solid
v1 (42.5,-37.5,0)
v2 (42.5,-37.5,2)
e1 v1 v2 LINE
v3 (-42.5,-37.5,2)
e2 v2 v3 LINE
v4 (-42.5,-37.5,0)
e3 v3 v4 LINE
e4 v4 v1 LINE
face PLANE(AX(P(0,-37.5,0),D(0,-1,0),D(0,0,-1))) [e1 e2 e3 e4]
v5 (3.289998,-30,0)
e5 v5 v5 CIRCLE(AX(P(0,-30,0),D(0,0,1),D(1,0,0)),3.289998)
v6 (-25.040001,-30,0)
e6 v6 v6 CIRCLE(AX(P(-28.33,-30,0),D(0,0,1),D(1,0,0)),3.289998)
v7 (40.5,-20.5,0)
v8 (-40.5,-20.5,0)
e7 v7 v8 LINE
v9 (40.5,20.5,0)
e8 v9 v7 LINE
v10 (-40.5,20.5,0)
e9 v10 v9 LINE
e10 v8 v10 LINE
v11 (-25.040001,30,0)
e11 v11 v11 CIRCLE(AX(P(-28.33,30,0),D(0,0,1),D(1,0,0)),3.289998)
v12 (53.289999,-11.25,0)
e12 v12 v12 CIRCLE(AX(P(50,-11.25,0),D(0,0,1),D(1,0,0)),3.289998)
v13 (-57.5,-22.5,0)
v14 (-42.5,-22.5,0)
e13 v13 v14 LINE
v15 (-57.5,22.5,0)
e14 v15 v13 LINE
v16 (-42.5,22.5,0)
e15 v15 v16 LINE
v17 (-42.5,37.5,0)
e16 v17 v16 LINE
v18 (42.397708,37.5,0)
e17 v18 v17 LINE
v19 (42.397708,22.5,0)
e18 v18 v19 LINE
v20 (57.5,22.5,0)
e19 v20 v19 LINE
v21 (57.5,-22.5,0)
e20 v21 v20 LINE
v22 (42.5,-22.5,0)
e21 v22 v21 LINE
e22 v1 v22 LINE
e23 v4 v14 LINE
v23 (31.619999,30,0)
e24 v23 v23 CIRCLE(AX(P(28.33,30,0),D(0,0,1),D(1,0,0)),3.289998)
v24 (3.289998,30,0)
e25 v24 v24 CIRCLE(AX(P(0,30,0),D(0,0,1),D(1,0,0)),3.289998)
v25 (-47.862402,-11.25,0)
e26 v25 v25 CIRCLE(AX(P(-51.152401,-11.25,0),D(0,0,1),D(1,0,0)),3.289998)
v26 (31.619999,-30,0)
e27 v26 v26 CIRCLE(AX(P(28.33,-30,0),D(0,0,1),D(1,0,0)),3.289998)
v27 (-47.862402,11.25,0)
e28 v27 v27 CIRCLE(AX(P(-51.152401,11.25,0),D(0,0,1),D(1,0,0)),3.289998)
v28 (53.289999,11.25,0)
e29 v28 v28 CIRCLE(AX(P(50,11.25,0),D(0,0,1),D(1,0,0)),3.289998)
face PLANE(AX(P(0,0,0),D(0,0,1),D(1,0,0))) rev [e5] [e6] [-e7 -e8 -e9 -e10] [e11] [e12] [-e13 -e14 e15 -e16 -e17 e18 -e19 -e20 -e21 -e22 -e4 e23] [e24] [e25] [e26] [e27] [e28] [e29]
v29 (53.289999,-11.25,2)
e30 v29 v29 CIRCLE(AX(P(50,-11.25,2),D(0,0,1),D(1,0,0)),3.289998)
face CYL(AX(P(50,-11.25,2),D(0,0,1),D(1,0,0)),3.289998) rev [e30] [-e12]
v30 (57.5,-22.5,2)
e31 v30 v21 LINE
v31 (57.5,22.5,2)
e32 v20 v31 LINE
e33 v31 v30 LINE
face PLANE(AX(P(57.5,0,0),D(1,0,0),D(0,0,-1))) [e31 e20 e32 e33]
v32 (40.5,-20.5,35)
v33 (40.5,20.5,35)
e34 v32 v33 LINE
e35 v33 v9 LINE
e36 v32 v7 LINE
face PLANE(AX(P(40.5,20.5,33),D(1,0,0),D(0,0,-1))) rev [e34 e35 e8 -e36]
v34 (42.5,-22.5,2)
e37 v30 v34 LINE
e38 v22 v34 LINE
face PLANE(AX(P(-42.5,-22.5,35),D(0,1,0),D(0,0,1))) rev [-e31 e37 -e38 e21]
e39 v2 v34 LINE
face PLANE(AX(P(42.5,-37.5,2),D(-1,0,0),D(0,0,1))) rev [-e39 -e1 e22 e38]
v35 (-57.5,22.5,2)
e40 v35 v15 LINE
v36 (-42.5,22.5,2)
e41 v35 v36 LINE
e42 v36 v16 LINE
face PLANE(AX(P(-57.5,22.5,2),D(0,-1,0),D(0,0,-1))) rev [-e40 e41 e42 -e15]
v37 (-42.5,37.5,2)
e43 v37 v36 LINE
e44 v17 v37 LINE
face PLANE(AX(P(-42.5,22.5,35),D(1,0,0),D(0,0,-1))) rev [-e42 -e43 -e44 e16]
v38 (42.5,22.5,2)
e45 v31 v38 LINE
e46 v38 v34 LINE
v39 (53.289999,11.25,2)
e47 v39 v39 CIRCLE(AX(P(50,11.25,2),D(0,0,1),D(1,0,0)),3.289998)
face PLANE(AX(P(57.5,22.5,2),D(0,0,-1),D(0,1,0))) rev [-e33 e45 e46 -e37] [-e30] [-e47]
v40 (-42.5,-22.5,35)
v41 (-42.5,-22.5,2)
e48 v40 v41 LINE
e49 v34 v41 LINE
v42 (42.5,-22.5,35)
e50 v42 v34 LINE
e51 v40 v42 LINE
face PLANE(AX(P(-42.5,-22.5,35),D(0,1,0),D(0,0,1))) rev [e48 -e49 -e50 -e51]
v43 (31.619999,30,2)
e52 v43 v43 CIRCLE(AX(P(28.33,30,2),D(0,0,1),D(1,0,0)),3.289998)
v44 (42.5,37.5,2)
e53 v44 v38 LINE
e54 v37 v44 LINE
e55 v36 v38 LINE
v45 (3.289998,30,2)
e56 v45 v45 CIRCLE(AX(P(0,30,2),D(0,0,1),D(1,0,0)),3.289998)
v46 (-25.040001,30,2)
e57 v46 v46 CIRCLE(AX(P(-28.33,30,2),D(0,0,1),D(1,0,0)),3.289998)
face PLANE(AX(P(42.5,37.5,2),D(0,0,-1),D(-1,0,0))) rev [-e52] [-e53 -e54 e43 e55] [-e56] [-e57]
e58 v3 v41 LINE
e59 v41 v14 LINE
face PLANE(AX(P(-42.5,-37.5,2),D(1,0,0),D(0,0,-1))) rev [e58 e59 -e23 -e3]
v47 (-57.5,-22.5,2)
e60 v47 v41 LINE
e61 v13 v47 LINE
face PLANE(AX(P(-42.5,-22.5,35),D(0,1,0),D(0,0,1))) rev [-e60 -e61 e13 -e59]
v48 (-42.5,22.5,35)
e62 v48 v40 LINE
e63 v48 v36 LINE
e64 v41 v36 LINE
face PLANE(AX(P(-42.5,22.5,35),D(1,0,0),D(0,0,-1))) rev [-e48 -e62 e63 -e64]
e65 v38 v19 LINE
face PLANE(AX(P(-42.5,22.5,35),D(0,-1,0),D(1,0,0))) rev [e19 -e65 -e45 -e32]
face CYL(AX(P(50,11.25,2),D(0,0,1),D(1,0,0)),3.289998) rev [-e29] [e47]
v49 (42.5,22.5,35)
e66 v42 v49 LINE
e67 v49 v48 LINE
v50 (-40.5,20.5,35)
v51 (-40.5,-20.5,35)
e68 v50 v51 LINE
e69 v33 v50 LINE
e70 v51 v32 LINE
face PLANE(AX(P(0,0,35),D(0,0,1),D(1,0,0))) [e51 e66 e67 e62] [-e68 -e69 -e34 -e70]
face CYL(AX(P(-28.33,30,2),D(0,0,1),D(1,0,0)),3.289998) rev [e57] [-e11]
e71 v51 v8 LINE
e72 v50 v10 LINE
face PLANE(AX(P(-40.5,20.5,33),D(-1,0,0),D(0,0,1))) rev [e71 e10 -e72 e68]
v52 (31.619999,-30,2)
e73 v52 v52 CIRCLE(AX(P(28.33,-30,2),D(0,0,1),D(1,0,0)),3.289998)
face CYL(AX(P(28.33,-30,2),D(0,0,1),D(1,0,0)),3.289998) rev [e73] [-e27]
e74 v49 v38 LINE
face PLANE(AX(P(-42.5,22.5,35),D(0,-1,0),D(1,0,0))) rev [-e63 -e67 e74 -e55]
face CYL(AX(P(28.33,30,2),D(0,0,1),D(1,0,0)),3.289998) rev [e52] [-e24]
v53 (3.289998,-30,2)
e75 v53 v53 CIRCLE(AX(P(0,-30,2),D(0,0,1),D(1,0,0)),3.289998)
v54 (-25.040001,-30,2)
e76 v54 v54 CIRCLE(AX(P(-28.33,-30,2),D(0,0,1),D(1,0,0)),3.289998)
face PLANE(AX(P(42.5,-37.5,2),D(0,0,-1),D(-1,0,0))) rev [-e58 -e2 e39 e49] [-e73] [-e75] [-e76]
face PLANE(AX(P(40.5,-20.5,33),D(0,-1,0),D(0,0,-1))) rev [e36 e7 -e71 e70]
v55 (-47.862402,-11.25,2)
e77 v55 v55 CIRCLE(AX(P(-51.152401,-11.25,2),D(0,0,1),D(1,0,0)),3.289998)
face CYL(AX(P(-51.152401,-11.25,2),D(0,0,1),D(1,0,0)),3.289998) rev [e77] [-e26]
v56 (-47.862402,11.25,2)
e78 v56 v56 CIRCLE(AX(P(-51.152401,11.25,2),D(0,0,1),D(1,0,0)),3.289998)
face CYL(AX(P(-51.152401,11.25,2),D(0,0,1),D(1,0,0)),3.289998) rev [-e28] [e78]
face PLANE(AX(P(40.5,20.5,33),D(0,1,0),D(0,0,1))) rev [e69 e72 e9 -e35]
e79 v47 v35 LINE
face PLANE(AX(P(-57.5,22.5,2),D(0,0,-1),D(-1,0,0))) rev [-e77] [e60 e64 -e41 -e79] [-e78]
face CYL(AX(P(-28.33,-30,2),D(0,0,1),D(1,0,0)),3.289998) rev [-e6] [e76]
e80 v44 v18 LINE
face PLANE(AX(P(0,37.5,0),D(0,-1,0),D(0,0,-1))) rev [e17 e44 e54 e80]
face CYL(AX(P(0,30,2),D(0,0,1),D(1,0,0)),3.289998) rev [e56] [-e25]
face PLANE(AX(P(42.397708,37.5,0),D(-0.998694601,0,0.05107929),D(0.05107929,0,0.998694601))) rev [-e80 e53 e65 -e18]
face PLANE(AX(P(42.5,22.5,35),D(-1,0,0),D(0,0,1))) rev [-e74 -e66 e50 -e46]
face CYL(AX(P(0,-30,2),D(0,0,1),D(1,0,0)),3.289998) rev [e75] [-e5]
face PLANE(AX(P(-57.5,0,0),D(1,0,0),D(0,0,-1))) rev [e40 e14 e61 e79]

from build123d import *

# Parameters (mm, degrees)
ESBO_O1_W                                      = 85
ESBO_O1_H                                      = 45
RESSALTO_EXTRUS_O1_DEPTH                       = 35
ESBO_O2_W                                      = 81
ESBO_O2_H                                      = 41
CORTE_EXTRUS_O1_DEPTH                          = 33
ESBO_O3_W                                      = 2
ESBO_O3_H                                      = 45
RESSALTO_EXTRUS_O2_DEPTH                       = 15
RESSALTO_EXTRUS_O3_DEPTH                       = 15
ESBO_O5_W                                      = 2
ESBO_O5_H                                      = 45
RESSALTO_EXTRUS_O4_DEPTH                       = 15
ESBO_O6_W                                      = 85
ESBO_O6_H                                      = 2
RESSALTO_EXTRUS_O5_DEPTH                       = 15
BROCA_DE_ROSQUEAR_DE_CANO_PARA_TARRAXA_D_D     = 6.579997
BROCA_DE_ROSQUEAR_DE_CANO_PARA_TARRAXA_D_DEPTH = 10
BROCA_DE_ROSQUEAR_DE_CANO_PARA_TARRAXA_D_TIP   = 1.976830535
CORTE_EXTRUS_O2_REACH                          = 37
ESBO_O9_W                                      = 81
ESBO_O9_H                                      = 41


with BuildPart() as part:
    # Esboço1 → Ressalto-extrusão1 (new body)
    with BuildSketch(Plane.XY):
        Rectangle(ESBO_O1_W, ESBO_O1_H)
    extrude(amount=RESSALTO_EXTRUS_O1_DEPTH)

    # Esboço2 → Corte-extrusão1 (cut)
    with BuildSketch(Plane(origin=(0, 0, 0), x_dir=(-1, 0, 0), z_dir=(0, 0, -1))):
        Rectangle(ESBO_O2_W, ESBO_O2_H)
    extrude(amount=-CORTE_EXTRUS_O1_DEPTH, mode=Mode.SUBTRACT)

    # Esboço3 → Ressalto-extrusão2 (add)
    with BuildSketch(Plane(origin=(42.5, 0, 0), x_dir=(0, 0, -1), z_dir=(1, 0, 0))):
        with Locations((-1, 0)):
            Rectangle(ESBO_O3_W, ESBO_O3_H)
    extrude(amount=RESSALTO_EXTRUS_O2_DEPTH)

    # Esboço4 → Ressalto-extrusão3 (add)
    with BuildSketch(Plane(origin=(0, 22.5, 0), x_dir=(1, 0, 0), z_dir=(0, 1, 0))):
        Polygon((42.397707887, 0), (42.5, -2), (-42.5, -2), (-42.5, 0), align=None)
    extrude(amount=RESSALTO_EXTRUS_O3_DEPTH)

    # Esboço5 → Ressalto-extrusão4 (add)
    with BuildSketch(Plane.ZY.offset(42.5)):
        with Locations((1, 0)):
            Rectangle(ESBO_O5_W, ESBO_O5_H)
    extrude(amount=RESSALTO_EXTRUS_O4_DEPTH)

    # Esboço6 → Ressalto-extrusão5 (add)
    with BuildSketch(Plane.XZ.offset(22.5)):
        with Locations((0, 1)):
            Rectangle(ESBO_O6_W, ESBO_O6_H)
    extrude(amount=RESSALTO_EXTRUS_O5_DEPTH)

    # Broca de rosquear de cano para tarraxa de 1/81
    with Locations(Plane.XY.offset(2)):
        with Locations((50, 11.25), (50, -11.25), (-51.152400613, -11.25), (-51.152400613, 11.25), (-28.33, 30), (0, 30), (28.33, 30), (28.33, -30), (0, -30), (-28.33, -30)):
            Hole(BROCA_DE_ROSQUEAR_DE_CANO_PARA_TARRAXA_D_D / 2, depth=BROCA_DE_ROSQUEAR_DE_CANO_PARA_TARRAXA_D_DEPTH)
            with Locations((0, 0, -(BROCA_DE_ROSQUEAR_DE_CANO_PARA_TARRAXA_D_DEPTH + BROCA_DE_ROSQUEAR_DE_CANO_PARA_TARRAXA_D_TIP / 2))):  # 118° drill point
                Cone(0, BROCA_DE_ROSQUEAR_DE_CANO_PARA_TARRAXA_D_D / 2, BROCA_DE_ROSQUEAR_DE_CANO_PARA_TARRAXA_D_TIP, mode=Mode.SUBTRACT)

    # Esboço9 → Corte-extrusão2 (cut, up to next)
    with BuildSketch(Plane.XY.offset(35), mode=Mode.PRIVATE) as corte_extrus_o2_sk1:
        Rectangle(ESBO_O9_W, ESBO_O9_H)
    corte_extrus_o2_tool1 = extrude(corte_extrus_o2_sk1.sketch, amount=-CORTE_EXTRUS_O2_REACH, mode=Mode.PRIVATE) & part.part
    add(corte_extrus_o2_tool1.solids().sort_by_distance((0, 0, 35))[0], mode=Mode.SUBTRACT)


solid = part.part
